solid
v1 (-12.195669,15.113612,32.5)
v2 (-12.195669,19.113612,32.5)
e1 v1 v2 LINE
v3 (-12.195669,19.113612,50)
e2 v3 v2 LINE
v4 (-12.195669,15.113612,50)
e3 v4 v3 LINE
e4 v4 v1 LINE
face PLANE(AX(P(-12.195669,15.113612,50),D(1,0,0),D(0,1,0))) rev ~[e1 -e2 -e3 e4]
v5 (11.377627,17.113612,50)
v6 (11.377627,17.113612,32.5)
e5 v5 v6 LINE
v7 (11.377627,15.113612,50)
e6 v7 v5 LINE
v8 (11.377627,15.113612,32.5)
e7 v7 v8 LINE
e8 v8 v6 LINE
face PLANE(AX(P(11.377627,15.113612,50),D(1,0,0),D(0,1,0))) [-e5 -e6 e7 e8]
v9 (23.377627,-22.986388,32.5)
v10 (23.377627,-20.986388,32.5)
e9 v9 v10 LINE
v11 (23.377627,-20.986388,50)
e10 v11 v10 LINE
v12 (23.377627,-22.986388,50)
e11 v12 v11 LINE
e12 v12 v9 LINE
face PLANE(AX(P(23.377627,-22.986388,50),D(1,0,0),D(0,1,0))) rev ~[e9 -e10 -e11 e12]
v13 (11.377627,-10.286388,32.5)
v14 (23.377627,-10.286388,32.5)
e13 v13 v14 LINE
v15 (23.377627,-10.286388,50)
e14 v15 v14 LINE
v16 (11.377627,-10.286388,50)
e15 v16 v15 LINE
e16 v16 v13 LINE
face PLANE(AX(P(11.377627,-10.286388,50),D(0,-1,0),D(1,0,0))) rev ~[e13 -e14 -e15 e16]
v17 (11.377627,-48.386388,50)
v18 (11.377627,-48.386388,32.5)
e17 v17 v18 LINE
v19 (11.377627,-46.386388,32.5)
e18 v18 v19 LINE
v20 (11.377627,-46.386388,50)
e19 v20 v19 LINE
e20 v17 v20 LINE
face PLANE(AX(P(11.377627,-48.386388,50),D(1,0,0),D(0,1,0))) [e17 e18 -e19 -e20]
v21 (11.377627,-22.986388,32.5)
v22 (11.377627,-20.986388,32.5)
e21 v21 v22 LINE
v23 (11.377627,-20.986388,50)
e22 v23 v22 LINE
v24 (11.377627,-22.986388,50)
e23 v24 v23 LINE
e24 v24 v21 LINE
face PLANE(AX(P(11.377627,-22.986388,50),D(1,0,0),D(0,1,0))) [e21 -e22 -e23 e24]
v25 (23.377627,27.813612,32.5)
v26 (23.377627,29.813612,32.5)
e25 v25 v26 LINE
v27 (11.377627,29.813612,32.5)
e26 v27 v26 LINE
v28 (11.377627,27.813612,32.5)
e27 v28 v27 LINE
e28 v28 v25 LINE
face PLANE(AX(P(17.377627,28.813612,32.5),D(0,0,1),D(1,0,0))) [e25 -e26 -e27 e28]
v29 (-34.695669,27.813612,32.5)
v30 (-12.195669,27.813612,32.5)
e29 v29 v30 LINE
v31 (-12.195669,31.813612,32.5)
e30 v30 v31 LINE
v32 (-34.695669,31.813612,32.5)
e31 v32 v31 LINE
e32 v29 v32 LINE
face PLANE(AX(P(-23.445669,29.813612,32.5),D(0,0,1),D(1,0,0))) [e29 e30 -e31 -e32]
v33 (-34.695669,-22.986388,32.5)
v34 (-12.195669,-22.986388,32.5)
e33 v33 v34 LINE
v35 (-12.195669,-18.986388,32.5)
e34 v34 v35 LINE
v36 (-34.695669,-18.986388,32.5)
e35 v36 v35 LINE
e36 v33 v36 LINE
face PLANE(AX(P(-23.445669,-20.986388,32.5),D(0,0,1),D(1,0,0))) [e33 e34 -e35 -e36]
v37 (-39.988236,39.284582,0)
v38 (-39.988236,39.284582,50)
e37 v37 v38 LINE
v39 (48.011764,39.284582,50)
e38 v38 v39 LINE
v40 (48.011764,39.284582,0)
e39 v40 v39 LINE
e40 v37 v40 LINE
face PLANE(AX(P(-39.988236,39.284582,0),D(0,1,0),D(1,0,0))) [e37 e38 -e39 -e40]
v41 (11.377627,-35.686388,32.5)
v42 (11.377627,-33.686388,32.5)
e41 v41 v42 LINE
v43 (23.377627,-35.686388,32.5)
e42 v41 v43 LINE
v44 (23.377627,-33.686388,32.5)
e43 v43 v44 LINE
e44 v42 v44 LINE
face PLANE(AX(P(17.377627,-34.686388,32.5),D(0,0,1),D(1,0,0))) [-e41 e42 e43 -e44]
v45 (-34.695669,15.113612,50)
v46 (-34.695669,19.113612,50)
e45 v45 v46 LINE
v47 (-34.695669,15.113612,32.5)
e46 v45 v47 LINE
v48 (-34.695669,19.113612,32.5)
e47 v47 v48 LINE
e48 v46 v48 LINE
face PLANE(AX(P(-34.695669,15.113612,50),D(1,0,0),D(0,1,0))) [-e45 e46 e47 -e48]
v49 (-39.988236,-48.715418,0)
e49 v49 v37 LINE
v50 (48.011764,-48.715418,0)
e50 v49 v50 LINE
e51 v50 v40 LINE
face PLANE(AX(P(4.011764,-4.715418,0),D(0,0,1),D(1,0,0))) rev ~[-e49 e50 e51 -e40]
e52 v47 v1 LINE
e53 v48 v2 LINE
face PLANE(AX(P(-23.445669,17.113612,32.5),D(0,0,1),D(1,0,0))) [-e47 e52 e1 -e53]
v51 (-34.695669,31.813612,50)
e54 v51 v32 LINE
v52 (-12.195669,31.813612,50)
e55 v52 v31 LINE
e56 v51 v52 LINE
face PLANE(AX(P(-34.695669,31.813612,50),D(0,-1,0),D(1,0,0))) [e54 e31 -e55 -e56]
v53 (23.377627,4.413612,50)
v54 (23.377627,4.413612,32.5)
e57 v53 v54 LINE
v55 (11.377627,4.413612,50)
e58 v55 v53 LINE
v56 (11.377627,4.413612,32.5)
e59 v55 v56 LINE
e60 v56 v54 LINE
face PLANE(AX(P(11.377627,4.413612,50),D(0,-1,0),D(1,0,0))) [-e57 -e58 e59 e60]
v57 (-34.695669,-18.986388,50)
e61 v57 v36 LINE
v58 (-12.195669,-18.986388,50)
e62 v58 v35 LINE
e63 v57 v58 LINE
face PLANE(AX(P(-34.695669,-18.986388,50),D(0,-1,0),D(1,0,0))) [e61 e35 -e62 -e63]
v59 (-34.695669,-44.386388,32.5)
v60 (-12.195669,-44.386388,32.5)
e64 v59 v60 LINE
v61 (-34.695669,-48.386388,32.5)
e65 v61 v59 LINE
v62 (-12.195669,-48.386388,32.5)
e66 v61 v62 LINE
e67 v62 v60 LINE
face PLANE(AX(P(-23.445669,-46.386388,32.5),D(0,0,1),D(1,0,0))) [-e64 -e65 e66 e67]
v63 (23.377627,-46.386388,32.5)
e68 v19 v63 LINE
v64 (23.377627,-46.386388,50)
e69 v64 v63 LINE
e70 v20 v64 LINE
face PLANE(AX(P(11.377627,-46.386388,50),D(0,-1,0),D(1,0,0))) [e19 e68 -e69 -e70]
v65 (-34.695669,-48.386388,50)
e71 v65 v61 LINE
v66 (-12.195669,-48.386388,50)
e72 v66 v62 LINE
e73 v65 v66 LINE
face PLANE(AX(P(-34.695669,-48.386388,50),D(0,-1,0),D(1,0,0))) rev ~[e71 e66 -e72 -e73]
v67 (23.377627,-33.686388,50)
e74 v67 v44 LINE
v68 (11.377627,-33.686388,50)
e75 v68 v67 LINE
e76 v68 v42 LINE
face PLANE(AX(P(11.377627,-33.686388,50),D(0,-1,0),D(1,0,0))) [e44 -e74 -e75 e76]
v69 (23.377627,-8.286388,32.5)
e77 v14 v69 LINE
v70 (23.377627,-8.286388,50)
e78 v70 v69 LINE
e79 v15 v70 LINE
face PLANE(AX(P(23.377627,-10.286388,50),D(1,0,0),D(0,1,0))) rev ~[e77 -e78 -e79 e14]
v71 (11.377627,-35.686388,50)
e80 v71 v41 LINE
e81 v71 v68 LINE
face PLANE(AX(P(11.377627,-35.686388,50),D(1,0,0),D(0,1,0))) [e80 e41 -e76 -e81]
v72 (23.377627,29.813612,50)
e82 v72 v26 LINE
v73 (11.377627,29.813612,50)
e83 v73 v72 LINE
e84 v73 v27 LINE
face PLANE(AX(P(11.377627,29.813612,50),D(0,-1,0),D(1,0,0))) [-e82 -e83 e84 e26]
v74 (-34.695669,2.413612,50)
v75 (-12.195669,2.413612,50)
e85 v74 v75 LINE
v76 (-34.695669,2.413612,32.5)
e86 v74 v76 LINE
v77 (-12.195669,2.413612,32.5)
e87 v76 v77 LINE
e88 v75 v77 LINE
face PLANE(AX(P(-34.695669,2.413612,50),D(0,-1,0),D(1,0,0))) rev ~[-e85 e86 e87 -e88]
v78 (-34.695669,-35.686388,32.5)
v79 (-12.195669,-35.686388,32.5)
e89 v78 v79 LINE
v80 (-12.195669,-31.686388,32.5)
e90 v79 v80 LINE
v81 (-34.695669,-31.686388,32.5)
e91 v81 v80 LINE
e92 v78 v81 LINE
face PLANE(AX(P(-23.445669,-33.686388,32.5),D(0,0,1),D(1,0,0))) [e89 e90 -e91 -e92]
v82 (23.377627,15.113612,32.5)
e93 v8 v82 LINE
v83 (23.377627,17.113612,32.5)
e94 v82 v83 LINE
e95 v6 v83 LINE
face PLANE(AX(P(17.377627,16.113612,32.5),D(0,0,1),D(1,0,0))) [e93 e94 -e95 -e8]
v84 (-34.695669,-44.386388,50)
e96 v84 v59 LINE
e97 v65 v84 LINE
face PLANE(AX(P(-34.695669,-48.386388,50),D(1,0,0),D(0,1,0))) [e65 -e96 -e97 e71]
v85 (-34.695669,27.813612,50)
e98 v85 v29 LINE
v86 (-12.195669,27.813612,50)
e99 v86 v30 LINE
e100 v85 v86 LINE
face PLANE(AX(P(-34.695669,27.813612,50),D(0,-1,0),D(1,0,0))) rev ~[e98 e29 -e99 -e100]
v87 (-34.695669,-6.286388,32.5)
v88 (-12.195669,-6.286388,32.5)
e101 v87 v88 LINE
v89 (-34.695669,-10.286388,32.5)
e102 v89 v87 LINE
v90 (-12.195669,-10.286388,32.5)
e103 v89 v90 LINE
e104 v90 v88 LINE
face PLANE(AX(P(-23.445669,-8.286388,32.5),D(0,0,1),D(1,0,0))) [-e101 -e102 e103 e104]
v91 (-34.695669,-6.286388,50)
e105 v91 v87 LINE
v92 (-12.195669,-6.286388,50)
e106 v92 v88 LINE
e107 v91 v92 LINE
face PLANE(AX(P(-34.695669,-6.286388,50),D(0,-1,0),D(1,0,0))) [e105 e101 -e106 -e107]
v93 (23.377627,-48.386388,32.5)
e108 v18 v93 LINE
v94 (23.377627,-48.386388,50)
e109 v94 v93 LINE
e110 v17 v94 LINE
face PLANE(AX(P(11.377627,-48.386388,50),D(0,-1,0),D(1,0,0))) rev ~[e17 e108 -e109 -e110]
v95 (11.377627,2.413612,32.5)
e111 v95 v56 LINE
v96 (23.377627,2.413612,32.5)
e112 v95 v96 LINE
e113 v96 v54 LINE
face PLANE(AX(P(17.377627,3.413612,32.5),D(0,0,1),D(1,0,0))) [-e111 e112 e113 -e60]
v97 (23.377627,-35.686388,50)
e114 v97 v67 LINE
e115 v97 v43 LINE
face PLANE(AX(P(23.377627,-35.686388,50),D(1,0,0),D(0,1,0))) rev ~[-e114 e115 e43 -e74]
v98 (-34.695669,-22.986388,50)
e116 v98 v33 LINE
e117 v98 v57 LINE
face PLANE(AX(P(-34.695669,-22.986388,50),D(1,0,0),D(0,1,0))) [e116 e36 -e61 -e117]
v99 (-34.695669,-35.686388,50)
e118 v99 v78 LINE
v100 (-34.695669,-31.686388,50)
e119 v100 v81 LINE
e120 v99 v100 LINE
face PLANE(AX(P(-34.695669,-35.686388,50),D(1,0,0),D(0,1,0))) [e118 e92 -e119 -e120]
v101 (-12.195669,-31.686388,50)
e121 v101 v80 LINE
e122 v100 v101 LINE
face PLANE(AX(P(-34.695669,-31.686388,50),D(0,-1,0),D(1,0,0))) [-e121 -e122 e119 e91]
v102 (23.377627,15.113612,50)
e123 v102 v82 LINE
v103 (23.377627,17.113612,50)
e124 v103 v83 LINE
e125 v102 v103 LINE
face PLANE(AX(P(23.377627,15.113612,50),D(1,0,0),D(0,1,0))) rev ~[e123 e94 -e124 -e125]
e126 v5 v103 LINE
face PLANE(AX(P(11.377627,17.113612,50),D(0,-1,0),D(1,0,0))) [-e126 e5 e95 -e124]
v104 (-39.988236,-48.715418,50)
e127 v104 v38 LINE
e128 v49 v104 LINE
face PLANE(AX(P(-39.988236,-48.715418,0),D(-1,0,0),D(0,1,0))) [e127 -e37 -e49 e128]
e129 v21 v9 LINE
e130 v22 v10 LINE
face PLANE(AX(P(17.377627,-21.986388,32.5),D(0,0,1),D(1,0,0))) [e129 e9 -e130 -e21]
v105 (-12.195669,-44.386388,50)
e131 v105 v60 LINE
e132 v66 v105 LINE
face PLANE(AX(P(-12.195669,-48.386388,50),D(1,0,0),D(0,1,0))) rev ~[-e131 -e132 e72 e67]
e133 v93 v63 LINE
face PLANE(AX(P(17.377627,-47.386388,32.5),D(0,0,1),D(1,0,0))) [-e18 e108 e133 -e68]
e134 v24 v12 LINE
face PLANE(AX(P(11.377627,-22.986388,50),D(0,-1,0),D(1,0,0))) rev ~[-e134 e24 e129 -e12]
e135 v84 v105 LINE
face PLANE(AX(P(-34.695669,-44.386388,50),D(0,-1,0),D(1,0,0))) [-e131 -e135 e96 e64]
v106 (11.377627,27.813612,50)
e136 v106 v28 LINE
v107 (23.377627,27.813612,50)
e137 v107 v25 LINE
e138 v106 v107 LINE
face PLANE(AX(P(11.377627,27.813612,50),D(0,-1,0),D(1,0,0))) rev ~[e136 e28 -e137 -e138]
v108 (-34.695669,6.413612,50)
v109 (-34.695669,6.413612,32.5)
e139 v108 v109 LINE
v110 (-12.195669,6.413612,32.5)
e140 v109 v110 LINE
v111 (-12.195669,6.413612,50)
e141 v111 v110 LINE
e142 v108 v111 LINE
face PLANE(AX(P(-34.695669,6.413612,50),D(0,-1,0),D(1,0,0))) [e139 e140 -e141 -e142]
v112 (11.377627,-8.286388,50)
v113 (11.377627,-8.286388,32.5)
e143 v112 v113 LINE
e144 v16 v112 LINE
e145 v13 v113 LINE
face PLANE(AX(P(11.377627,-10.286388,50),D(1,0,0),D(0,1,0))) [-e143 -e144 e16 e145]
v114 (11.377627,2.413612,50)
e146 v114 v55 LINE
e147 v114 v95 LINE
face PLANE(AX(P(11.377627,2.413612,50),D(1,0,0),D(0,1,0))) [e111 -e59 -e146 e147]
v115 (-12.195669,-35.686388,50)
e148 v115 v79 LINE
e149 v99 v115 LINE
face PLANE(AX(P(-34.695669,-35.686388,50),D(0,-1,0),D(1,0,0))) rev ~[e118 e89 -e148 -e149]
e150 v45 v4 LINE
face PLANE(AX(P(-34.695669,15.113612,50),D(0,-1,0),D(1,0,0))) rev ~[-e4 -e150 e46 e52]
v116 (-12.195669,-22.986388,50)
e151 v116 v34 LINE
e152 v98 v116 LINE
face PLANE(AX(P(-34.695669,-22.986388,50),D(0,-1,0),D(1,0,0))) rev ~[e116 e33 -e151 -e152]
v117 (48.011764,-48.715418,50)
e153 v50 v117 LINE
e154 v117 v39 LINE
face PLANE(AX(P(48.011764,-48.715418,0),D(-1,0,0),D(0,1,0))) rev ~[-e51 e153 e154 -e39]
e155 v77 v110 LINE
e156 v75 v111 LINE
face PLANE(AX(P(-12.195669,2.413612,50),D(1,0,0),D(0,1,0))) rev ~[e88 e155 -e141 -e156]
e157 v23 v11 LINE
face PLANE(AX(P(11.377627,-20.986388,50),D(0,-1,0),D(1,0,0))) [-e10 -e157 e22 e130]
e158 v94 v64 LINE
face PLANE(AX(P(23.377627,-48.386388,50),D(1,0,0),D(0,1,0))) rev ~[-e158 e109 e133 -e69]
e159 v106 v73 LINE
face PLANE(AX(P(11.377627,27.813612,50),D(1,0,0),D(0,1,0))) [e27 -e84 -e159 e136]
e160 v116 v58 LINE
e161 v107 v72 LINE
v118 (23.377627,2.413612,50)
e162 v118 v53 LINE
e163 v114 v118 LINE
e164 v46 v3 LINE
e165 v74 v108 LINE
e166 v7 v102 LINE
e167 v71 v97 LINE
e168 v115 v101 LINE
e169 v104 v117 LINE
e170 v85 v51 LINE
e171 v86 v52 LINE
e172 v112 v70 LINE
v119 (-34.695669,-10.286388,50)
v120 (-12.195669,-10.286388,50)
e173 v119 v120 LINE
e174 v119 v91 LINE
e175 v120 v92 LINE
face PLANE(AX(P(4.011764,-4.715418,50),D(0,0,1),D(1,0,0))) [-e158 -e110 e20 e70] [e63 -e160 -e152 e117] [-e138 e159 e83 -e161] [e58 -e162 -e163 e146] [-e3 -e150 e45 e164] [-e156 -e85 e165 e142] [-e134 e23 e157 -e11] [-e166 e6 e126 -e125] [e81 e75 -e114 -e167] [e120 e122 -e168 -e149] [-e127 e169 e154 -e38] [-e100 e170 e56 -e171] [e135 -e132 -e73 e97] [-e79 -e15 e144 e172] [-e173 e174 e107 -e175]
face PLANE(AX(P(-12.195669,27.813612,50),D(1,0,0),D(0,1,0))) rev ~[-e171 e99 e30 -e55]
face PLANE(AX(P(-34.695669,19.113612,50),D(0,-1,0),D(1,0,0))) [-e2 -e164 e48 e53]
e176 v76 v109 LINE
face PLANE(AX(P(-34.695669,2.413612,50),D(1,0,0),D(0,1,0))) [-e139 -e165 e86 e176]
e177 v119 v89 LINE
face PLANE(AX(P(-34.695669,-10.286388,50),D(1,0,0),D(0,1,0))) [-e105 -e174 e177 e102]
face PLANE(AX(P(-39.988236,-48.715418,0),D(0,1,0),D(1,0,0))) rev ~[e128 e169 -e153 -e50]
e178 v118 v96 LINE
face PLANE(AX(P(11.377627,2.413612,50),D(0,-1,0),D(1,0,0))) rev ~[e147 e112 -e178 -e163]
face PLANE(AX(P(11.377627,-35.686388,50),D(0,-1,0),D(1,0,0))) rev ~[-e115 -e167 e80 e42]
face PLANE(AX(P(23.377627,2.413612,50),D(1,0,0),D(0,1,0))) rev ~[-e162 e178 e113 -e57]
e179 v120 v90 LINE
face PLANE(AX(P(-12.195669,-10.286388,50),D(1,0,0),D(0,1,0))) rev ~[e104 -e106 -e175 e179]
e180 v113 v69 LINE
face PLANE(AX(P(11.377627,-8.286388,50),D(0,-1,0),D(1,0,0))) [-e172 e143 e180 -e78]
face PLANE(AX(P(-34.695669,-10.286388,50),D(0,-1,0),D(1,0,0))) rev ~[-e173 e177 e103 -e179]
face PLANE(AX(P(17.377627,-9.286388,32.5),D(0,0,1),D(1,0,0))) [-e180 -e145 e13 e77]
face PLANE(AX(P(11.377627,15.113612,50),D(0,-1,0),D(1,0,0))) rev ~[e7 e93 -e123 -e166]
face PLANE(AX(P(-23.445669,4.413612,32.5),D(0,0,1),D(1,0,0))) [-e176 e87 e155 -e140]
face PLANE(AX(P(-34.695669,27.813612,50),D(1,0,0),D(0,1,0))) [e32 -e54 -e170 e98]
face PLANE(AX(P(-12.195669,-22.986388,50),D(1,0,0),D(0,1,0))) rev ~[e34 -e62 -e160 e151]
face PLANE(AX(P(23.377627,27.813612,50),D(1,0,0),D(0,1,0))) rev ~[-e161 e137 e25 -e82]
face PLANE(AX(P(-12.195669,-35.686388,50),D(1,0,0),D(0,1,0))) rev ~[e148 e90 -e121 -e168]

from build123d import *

# Parameters (mm, degrees)
F0_W     = 88
F0_H     = 88
F1_DEPTH = 50
F2_W     = 22.5
F2_H     = 4
F2_W_2   = 12
F2_H_2   = 2
F3_DEPTH = 17.5


with BuildPart() as f1:
    # F0 (on Top) → F1 (new body)
    with BuildSketch(Plane.XY):
        with Locations((4.011764, -4.715418)):
            Rectangle(F0_W, F0_H)
    extrude(amount=F1_DEPTH)

    # F2 (on face) → F3 (cut)
    with BuildSketch(Plane.XY.offset(50)):
        with Locations((-23.445669, 29.813612)):
            Rectangle(F2_W, F2_H)
        with Locations((-23.445669, 17.113612)):
            Rectangle(F2_W, F2_H)
        with Locations((-23.445669, 4.413612)):
            Rectangle(F2_W, F2_H)
        with Locations((-23.445669, -8.286388)):
            Rectangle(F2_W, F2_H)
        with Locations((-23.445669, -20.986388)):
            Rectangle(F2_W, F2_H)
        with Locations((-23.445669, -33.686388)):
            Rectangle(F2_W, F2_H)
        with Locations((-23.445669, -46.386388)):
            Rectangle(F2_W, F2_H)
        with Locations((17.377627, 28.813612)):
            Rectangle(F2_W_2, F2_H_2)
        with Locations((17.377627, 16.113612)):
            Rectangle(F2_W_2, F2_H_2)
        with Locations((17.377627, 3.413612)):
            Rectangle(F2_W_2, F2_H_2)
        with Locations((17.377627, -9.286388)):
            Rectangle(F2_W_2, F2_H_2)
        with Locations((17.377627, -21.986388)):
            Rectangle(F2_W_2, F2_H_2)
        with Locations((17.377627, -34.686388)):
            Rectangle(F2_W_2, F2_H_2)
        with Locations((17.377627, -47.386388)):
            Rectangle(F2_W_2, F2_H_2)
    extrude(amount=-F3_DEPTH, mode=Mode.SUBTRACT)


solid = f1.part
